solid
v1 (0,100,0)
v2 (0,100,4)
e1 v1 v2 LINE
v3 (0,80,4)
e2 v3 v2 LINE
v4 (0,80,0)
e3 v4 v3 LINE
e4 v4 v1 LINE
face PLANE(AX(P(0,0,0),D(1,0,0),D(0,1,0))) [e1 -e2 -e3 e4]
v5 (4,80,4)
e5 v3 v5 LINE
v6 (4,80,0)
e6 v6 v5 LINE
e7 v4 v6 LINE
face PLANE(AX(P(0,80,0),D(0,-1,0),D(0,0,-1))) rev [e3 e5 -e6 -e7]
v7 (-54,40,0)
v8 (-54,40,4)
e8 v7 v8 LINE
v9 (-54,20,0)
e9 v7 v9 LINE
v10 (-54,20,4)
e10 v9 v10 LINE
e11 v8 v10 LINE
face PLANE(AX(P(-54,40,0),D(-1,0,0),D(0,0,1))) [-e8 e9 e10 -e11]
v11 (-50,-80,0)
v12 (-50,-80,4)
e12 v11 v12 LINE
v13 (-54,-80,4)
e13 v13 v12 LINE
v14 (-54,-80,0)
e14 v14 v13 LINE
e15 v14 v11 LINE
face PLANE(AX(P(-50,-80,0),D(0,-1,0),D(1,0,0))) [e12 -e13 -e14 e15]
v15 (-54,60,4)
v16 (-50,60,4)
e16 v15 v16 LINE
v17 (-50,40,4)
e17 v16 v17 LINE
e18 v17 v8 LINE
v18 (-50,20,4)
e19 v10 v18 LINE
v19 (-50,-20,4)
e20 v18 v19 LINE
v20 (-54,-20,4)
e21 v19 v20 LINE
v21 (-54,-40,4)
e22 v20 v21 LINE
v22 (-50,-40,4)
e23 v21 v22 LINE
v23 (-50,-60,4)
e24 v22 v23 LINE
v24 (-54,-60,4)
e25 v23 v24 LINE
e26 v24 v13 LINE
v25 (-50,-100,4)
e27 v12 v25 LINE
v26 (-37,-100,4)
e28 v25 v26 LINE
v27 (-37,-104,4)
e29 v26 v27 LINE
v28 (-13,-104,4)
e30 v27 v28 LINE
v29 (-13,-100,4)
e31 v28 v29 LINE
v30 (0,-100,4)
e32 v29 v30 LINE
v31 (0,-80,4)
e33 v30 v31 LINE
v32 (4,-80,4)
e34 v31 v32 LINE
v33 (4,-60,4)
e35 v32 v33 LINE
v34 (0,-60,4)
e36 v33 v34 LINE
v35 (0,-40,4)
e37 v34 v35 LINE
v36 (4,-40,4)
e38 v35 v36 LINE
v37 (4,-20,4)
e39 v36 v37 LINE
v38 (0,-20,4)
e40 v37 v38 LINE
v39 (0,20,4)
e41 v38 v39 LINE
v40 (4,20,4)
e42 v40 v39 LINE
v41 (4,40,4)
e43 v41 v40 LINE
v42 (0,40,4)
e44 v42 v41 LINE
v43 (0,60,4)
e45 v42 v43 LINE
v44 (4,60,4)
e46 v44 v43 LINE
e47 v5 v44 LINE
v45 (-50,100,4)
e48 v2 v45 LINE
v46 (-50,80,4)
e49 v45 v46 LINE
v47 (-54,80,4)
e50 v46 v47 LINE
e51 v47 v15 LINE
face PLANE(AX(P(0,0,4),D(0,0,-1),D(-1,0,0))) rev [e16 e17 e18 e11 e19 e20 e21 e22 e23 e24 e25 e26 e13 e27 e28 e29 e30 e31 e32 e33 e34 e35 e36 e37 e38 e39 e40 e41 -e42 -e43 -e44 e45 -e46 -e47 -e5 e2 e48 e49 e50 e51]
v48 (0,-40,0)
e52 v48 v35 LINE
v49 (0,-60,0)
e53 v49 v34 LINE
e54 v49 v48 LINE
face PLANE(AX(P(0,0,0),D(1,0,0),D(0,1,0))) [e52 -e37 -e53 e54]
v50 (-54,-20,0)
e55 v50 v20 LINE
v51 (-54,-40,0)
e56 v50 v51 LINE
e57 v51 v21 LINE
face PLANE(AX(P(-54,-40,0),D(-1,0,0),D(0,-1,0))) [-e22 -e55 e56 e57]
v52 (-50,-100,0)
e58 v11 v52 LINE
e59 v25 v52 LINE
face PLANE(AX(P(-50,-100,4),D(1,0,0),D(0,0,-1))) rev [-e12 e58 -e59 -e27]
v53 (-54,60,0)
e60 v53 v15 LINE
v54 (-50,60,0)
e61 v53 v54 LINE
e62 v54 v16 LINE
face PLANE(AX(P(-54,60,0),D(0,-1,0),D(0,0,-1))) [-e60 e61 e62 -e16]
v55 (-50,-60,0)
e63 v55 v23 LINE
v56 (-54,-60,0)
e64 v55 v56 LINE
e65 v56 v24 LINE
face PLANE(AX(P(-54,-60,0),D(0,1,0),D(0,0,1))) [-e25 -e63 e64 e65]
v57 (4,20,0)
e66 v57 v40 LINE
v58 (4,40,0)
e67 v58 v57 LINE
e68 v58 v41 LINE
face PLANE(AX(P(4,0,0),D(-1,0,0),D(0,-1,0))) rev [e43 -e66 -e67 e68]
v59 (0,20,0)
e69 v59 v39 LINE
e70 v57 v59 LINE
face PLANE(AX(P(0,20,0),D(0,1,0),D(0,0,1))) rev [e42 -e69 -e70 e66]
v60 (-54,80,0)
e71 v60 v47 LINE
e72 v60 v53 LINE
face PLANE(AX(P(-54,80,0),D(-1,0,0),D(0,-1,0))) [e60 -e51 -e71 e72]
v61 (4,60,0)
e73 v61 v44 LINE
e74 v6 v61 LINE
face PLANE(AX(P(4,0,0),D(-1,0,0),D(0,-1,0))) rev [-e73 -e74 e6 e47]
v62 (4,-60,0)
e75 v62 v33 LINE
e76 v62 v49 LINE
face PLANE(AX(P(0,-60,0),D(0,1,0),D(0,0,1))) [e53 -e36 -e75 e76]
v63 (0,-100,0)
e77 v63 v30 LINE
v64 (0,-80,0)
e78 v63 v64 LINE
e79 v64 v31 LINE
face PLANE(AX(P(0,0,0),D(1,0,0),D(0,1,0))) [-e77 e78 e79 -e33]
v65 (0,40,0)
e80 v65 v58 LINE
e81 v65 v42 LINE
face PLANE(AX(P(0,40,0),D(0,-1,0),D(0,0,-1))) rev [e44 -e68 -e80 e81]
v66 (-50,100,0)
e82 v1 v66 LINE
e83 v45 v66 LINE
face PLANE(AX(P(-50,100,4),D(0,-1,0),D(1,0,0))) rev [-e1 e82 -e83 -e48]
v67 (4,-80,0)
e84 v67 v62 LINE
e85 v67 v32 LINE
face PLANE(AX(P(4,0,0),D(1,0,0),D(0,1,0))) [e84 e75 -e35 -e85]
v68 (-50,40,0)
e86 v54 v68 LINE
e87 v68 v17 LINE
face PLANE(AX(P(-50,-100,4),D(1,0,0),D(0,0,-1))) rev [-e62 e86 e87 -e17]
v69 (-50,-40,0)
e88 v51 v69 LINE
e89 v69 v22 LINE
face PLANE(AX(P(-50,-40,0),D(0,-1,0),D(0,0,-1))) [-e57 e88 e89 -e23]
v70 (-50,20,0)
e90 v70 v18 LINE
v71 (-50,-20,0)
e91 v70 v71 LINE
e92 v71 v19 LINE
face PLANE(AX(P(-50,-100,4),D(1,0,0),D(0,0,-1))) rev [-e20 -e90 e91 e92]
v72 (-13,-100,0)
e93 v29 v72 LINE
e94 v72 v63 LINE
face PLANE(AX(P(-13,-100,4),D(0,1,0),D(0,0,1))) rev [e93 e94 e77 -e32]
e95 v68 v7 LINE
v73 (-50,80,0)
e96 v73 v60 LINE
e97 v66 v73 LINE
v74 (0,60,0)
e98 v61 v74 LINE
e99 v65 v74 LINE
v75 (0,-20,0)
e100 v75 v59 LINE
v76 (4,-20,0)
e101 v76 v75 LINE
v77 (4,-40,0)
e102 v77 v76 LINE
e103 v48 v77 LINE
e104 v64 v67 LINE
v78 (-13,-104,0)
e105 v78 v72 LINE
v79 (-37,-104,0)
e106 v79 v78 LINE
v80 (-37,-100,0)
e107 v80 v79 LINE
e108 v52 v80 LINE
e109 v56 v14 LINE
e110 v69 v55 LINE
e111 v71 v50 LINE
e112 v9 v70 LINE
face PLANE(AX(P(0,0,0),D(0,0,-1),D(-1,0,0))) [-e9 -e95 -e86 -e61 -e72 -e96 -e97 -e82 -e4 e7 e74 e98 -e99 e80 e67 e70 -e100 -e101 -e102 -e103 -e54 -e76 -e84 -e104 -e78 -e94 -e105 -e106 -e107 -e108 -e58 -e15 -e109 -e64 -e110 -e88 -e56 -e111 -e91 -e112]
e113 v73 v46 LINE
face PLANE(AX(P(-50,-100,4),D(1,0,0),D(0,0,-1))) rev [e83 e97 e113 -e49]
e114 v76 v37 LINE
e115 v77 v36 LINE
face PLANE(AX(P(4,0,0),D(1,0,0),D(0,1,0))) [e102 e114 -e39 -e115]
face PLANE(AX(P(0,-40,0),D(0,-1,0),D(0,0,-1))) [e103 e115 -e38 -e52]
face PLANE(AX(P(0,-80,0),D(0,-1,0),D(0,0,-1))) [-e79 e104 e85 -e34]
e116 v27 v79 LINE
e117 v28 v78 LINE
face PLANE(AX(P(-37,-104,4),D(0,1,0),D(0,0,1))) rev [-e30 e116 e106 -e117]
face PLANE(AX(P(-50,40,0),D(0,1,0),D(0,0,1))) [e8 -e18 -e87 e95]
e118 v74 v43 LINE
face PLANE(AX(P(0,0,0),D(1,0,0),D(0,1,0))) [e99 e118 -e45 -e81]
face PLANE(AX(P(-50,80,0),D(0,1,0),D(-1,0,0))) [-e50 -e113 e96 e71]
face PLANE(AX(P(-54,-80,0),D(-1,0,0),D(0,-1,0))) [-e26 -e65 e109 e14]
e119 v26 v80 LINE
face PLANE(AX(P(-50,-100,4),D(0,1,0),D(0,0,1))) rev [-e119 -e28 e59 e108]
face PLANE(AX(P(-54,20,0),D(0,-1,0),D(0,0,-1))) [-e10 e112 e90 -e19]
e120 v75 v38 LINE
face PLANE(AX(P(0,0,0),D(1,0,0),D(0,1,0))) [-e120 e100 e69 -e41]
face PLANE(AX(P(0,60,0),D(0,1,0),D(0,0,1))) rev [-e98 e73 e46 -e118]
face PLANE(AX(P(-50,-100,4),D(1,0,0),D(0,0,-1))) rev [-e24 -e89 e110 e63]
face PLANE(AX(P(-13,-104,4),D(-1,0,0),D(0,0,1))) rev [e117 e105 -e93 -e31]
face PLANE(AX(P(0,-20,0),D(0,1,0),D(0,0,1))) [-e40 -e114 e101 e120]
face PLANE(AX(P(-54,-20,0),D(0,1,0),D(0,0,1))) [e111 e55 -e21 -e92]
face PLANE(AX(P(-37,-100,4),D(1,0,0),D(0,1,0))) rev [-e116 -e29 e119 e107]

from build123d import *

# Parameters (mm, degrees)
RESSALTO_EXTRUS_O1_DEPTH = 4
CORTE_EXTRUS_O3_DEPTH    = 116.464280191
ESBO_O4_W                = 4
ESBO_O4_H                = 20
RESSALTO_EXTRUS_O2_DEPTH = 4


with BuildPart() as part:
    # Esboço1 → Ressalto-extrusão1 (new body)
    with BuildSketch(Plane.XY):
        Polygon((-50, -100), (-37, -100), (-37, -104), (-13, -104), (-13, -100), (13, -100), (13, -104), (37, -104), (37, -100), (50, -100), (50, 100), (-50, 100), align=None)
    extrude(amount=RESSALTO_EXTRUS_O1_DEPTH)

    # Esboço2 → Corte-extrusão3 (cut, through all)
    with BuildSketch(Plane.XY.offset(4)):
        Polygon((0, 20), (0, 0), (50, 0), (50, 100), (0, 100), (0, 80), (4, 80), (4, 60), (0, 60), (0, 40), (4, 40), (4, 20), align=None)
        Polygon((0, -80), (0, -100), (13, -100), (13, -104), (37, -104), (37, -100), (50, -100), (50, 0), (0, 0), (0, -20), (4, -20), (4, -40), (0, -40), (0, -60), (4, -60), (4, -80), align=None)
    extrude(amount=-CORTE_EXTRUS_O3_DEPTH, mode=Mode.SUBTRACT)

    # Esboço4 → Ressalto-extrusão2 (add)
    with BuildSketch(Plane.XY.offset(4)):
        with Locations((-52, 70)):
            Rectangle(ESBO_O4_W, ESBO_O4_H)
        with Locations((-52, 30)):
            Rectangle(ESBO_O4_W, ESBO_O4_H)
        with Locations((-52, -70)):
            Rectangle(ESBO_O4_W, ESBO_O4_H)
        with Locations((-52, -30)):
            Rectangle(ESBO_O4_W, ESBO_O4_H)
    extrude(amount=-RESSALTO_EXTRUS_O2_DEPTH)


solid = part.part
